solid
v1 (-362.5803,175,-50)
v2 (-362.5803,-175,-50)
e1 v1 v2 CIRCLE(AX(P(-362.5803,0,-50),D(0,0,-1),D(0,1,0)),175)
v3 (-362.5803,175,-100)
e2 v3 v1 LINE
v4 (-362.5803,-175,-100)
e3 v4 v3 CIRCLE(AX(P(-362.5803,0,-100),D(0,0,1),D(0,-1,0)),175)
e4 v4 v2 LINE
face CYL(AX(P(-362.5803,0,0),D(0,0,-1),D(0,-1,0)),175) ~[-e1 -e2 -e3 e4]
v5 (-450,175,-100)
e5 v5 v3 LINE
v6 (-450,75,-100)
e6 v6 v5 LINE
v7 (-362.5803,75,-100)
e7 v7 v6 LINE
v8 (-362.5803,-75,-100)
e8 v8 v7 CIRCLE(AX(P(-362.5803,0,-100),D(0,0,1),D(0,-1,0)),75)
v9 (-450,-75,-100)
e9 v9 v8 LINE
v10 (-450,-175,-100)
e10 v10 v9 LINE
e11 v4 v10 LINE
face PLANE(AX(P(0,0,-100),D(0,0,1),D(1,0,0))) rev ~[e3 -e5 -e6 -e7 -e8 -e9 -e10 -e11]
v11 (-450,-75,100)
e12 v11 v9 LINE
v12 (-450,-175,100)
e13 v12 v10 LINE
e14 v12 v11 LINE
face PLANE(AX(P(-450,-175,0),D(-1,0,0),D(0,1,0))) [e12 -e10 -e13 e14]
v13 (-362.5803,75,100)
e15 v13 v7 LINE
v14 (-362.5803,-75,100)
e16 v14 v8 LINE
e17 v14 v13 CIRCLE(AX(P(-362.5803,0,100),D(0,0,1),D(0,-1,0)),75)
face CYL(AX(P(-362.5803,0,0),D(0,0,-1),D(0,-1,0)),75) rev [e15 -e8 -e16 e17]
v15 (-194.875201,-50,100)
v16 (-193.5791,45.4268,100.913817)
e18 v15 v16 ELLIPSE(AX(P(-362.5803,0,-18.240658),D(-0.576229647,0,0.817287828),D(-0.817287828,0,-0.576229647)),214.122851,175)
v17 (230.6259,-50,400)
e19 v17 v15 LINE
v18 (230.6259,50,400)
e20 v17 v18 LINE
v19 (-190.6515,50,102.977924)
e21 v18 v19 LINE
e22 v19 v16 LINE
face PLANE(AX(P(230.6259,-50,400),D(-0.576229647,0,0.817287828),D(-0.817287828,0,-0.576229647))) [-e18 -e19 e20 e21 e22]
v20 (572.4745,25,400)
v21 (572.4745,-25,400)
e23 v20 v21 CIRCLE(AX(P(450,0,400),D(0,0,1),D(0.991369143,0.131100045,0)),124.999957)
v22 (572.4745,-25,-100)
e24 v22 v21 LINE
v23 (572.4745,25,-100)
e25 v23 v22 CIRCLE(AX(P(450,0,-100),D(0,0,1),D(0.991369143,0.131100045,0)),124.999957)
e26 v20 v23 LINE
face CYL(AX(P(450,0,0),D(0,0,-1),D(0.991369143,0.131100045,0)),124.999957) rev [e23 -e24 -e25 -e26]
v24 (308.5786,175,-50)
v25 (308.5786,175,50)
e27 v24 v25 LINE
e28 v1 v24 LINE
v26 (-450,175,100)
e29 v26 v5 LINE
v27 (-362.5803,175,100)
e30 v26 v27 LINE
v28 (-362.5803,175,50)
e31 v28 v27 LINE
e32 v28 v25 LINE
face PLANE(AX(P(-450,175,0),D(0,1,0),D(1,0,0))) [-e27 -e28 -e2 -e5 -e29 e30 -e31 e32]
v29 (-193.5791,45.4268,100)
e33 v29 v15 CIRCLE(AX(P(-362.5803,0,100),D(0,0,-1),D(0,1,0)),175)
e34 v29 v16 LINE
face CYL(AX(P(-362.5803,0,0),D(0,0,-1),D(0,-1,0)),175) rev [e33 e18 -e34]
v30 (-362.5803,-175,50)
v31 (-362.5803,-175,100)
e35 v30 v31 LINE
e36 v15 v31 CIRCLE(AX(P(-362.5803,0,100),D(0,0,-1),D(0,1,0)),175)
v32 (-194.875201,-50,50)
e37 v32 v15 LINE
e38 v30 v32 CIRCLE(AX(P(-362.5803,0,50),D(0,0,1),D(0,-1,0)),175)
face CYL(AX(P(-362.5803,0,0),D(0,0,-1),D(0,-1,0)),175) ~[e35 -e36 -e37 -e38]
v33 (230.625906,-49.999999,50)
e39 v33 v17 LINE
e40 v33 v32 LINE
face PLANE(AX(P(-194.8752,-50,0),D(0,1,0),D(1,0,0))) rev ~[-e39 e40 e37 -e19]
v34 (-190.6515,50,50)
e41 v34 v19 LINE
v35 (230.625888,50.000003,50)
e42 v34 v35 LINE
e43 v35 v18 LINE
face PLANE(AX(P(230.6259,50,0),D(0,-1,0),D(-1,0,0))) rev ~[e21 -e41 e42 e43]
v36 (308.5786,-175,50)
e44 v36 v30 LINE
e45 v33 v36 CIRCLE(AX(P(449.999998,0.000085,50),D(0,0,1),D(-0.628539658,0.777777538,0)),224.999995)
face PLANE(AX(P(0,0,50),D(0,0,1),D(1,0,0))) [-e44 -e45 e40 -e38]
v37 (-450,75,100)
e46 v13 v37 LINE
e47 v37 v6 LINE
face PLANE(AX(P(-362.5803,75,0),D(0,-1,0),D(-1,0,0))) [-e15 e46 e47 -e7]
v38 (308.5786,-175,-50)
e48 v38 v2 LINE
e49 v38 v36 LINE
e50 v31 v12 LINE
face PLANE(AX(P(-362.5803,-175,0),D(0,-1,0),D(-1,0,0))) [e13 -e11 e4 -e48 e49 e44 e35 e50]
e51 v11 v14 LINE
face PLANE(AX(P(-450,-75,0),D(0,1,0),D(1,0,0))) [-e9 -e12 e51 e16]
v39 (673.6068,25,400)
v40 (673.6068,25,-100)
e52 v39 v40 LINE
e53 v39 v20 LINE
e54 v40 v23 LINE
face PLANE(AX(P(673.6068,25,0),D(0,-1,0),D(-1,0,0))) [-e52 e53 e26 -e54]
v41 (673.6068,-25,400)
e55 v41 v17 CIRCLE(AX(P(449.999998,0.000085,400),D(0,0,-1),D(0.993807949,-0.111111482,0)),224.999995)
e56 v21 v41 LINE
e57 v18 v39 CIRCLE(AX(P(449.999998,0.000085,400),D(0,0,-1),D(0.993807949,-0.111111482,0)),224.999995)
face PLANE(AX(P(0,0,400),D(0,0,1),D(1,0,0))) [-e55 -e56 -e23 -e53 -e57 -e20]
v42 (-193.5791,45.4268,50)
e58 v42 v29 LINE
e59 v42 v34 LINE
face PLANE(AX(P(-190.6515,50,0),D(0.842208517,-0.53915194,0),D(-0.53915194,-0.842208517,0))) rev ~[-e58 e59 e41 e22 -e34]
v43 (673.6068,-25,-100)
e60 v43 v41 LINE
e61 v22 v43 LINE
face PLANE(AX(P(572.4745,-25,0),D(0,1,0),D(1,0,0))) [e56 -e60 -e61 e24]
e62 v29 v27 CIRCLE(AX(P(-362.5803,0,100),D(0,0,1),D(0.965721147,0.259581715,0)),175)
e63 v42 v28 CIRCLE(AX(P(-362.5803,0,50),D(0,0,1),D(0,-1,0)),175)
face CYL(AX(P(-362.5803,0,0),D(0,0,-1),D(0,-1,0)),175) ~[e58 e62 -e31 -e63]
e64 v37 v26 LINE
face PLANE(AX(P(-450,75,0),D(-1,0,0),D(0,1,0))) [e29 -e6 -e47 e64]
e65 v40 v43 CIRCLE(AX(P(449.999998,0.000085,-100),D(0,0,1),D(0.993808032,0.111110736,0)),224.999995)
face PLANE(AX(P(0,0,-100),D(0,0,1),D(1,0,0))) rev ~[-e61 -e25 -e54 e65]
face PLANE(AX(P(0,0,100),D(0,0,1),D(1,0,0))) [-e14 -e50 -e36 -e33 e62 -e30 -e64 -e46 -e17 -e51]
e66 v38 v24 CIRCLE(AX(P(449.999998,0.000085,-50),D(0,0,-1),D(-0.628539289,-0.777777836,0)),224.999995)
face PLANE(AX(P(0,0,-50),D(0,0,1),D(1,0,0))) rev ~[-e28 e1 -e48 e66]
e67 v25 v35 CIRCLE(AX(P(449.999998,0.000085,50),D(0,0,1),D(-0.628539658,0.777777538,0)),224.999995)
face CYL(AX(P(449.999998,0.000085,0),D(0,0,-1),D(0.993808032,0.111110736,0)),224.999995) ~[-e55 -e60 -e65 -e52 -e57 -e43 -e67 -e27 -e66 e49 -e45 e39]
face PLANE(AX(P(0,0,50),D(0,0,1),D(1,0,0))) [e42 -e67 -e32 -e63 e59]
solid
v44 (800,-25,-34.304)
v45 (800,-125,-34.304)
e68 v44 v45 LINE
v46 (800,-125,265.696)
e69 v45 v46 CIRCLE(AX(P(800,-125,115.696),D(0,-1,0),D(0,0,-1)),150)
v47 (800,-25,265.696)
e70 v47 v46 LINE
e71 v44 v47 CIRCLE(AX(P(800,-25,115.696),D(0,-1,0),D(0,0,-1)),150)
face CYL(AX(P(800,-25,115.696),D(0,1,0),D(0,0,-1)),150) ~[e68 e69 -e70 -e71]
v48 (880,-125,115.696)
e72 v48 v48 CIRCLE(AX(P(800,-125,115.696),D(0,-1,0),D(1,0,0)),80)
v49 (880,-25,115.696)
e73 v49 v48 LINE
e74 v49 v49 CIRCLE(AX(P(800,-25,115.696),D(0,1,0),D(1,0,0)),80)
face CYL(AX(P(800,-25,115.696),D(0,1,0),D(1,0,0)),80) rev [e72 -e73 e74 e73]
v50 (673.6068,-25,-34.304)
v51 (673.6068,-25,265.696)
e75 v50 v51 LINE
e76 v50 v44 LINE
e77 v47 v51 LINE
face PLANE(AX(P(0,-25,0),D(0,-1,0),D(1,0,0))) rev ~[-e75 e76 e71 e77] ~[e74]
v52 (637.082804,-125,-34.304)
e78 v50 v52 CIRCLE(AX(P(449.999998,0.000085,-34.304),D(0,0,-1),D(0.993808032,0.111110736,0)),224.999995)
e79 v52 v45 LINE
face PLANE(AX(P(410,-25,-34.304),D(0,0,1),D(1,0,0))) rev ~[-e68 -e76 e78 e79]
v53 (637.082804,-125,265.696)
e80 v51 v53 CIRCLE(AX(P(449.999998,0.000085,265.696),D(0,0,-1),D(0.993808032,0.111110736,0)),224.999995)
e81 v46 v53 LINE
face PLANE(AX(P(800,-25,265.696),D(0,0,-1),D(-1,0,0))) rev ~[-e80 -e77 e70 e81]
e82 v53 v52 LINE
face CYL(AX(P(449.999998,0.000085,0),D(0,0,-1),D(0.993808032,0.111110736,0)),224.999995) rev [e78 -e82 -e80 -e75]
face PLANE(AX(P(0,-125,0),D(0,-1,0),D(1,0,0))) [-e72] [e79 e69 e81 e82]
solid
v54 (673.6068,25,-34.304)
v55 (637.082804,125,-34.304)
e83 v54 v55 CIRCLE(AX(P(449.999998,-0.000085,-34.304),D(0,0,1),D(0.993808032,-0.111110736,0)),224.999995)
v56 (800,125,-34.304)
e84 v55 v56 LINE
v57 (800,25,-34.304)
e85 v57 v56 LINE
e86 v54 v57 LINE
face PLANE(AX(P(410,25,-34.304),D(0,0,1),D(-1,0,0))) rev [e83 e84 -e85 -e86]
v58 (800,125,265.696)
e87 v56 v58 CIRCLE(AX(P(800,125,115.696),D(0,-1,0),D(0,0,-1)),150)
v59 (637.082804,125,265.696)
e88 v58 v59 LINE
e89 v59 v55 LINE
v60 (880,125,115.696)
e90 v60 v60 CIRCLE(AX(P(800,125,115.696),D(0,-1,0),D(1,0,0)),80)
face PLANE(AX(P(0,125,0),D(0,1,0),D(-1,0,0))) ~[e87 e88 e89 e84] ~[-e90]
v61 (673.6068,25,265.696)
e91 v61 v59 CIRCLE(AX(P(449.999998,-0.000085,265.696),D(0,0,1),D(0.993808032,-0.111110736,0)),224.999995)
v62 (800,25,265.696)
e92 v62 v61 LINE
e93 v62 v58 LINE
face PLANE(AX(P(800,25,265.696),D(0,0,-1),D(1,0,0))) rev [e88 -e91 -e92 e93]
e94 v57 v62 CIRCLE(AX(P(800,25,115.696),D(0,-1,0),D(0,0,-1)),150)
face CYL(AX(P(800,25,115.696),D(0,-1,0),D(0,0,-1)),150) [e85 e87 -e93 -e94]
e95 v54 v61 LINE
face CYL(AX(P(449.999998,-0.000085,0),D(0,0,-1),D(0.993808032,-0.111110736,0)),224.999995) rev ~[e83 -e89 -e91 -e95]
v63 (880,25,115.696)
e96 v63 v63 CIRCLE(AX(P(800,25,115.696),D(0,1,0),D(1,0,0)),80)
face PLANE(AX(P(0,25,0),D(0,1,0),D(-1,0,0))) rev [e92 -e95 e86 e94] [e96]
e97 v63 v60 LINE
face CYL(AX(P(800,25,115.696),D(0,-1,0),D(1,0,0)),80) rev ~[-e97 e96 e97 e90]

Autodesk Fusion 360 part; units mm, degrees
sketch "Sketch1" plane through (0, 0, 0) normal (0, 0, 1) x (1, 0, 0)
  line L0 (308.5786, -175) -> (-450, -175)
  line L1 (-450, 175) -> (308.5786, 175)
  line L2 (-362.5803, 75) -> (-450, 75)
  line L3 (-450, -75) -> (-362.5803, -75)
  line L4 (572.4745, -25) -> (673.6068, -25)
  line L5 (673.6068, 25) -> (572.4745, 25)
  line L6 (-194.8752, -50) -> (230.6259, -50)
  line L7 (230.6259, 50) -> (-190.6515, 50)
  arc A0 (-362.5803, -175) -> (-362.5803, 175) centre (-362.5803, 0) ccw
  arc A1 (-362.5803, -75) -> (-362.5803, 75) centre (-362.5803, 0) ccw
  line L8 (-450, -175) -> (-450, -75)
  line L9 (-450, 75) -> (-450, 175)
  line L10 (-187.5803, 0) -> (-287.5803, 0) construction
  line L11 (-437.5803, 0) -> (-450, 0) construction
  line L12 (0, 0) -> (251.3485, 0)
  line L13 (-190.6515, 50) -> (-193.5791, 45.4268)
  arc A2 (673.6068, 25) -> (674.4966, -15.0423) centre (450, 0) ccw
  arc A3 (573.9211, 16.3875) -> (573.9211, -16.3875) centre (450, 0) ccw
  dimension "d2" = 350
  dimension "d3" = 150
  dimension "d4" = 350
  dimension "d5" = 250
  dimension "d6" = 450
  dimension "d8" = 150
extrude "Extrude1" add sketch "Sketch1" along normal mid plane 100 contours L0 L6 A0 A2 | L6 L7 A0 L13 A2 | L1 L7 A0 L13 A2 makes body 1
extrude "Extrude2" add sketch "Sketch1" along normal mid plane 200 contours L0 L1 L2 L3 A0 A1 L8 L9 bodies 1
extrude "Extrude3" add sketch "Sketch1" along normal blind 400 and the other way blind 100 contours L4 L5 A2 A3 bodies 1
extrude "Extrude4" add sketch "Sketch1" along normal blind 400 contours L6 L7 A0 L13 A2 bodies 1
sketch "Sketch2" plane through (0, -50, 0) normal (0, -1, 0) x (1, 0, 0)
  line L0 (-194.8752, 50) -> (230.6259, 50)
  line L1 (230.6259, 50) -> (230.6259, 400)
  line L2 (230.6259, 400) -> (-194.8752, 400)
  line L3 (-194.8752, 400) -> (-194.8752, 100)
  line L4 (-194.8752, 100) -> (-194.8752, 50)
  line L5 (230.6259, 400) -> (-194.8752, 100)
  line L6 (-194.8752, 100) -> (-194.8752, 400)
  line L7 (230.6259, 400) -> (-194.8752, 400)
extrude "Extrude5" cut sketch "Sketch2" against normal blind 450 contours L2 L3 L5 L6 L7 bodies 1
sketch "Sketch3" plane through (0, -50, 0) normal (0, -1, 0) x (1, 0, 0)
  line L0 (230.6259, 400) -> (-194.8752, 100)
  line L1 (-194.8752, 100) -> (-194.8752, 50)
  line L2 (-194.8752, 50) -> (230.6259, 50)
  line L3 (230.6259, 50) -> (230.6259, 400)
  circle A0 centre (800, 115.696) radius 80
  line L4 (800, 265.696) -> (410, 265.696)
  line L5 (410, 265.696) -> (410, -34.304)
  line L6 (410, -34.304) -> (800, -34.304)
  line L7 (800, -34.304) -> (800, 265.696)
  arc A1 (800, -34.304) -> (800, 265.696) centre (800, 115.696) ccw
  point P0 (-450, -100)
  point P1 (673.6068, -100)
  dimension "d25" = 160
  dimension "d26" = 300
  dimension "d27" = 390
  dimension "d28" = 300
  dimension "d29" = 1250
  dimension "d30" = 250
extrude "Extrude6" add sketch "Sketch3" along normal blind 100 from surface at -25 separate body contours A0 L7 A1 | A0 L4 L5 L6 L7 makes body 2
combine "Combine1" operation cut target body 2 tool bodies 1 keep tools makes body 3 at (557.7893, -63.2967, 165.696)
delete_body "RemoveBody1" bodies 3
mirror "Mirror1" about plane through (0, 0, 0) normal (0, 1, 0) of bodies 2 makes body 4
